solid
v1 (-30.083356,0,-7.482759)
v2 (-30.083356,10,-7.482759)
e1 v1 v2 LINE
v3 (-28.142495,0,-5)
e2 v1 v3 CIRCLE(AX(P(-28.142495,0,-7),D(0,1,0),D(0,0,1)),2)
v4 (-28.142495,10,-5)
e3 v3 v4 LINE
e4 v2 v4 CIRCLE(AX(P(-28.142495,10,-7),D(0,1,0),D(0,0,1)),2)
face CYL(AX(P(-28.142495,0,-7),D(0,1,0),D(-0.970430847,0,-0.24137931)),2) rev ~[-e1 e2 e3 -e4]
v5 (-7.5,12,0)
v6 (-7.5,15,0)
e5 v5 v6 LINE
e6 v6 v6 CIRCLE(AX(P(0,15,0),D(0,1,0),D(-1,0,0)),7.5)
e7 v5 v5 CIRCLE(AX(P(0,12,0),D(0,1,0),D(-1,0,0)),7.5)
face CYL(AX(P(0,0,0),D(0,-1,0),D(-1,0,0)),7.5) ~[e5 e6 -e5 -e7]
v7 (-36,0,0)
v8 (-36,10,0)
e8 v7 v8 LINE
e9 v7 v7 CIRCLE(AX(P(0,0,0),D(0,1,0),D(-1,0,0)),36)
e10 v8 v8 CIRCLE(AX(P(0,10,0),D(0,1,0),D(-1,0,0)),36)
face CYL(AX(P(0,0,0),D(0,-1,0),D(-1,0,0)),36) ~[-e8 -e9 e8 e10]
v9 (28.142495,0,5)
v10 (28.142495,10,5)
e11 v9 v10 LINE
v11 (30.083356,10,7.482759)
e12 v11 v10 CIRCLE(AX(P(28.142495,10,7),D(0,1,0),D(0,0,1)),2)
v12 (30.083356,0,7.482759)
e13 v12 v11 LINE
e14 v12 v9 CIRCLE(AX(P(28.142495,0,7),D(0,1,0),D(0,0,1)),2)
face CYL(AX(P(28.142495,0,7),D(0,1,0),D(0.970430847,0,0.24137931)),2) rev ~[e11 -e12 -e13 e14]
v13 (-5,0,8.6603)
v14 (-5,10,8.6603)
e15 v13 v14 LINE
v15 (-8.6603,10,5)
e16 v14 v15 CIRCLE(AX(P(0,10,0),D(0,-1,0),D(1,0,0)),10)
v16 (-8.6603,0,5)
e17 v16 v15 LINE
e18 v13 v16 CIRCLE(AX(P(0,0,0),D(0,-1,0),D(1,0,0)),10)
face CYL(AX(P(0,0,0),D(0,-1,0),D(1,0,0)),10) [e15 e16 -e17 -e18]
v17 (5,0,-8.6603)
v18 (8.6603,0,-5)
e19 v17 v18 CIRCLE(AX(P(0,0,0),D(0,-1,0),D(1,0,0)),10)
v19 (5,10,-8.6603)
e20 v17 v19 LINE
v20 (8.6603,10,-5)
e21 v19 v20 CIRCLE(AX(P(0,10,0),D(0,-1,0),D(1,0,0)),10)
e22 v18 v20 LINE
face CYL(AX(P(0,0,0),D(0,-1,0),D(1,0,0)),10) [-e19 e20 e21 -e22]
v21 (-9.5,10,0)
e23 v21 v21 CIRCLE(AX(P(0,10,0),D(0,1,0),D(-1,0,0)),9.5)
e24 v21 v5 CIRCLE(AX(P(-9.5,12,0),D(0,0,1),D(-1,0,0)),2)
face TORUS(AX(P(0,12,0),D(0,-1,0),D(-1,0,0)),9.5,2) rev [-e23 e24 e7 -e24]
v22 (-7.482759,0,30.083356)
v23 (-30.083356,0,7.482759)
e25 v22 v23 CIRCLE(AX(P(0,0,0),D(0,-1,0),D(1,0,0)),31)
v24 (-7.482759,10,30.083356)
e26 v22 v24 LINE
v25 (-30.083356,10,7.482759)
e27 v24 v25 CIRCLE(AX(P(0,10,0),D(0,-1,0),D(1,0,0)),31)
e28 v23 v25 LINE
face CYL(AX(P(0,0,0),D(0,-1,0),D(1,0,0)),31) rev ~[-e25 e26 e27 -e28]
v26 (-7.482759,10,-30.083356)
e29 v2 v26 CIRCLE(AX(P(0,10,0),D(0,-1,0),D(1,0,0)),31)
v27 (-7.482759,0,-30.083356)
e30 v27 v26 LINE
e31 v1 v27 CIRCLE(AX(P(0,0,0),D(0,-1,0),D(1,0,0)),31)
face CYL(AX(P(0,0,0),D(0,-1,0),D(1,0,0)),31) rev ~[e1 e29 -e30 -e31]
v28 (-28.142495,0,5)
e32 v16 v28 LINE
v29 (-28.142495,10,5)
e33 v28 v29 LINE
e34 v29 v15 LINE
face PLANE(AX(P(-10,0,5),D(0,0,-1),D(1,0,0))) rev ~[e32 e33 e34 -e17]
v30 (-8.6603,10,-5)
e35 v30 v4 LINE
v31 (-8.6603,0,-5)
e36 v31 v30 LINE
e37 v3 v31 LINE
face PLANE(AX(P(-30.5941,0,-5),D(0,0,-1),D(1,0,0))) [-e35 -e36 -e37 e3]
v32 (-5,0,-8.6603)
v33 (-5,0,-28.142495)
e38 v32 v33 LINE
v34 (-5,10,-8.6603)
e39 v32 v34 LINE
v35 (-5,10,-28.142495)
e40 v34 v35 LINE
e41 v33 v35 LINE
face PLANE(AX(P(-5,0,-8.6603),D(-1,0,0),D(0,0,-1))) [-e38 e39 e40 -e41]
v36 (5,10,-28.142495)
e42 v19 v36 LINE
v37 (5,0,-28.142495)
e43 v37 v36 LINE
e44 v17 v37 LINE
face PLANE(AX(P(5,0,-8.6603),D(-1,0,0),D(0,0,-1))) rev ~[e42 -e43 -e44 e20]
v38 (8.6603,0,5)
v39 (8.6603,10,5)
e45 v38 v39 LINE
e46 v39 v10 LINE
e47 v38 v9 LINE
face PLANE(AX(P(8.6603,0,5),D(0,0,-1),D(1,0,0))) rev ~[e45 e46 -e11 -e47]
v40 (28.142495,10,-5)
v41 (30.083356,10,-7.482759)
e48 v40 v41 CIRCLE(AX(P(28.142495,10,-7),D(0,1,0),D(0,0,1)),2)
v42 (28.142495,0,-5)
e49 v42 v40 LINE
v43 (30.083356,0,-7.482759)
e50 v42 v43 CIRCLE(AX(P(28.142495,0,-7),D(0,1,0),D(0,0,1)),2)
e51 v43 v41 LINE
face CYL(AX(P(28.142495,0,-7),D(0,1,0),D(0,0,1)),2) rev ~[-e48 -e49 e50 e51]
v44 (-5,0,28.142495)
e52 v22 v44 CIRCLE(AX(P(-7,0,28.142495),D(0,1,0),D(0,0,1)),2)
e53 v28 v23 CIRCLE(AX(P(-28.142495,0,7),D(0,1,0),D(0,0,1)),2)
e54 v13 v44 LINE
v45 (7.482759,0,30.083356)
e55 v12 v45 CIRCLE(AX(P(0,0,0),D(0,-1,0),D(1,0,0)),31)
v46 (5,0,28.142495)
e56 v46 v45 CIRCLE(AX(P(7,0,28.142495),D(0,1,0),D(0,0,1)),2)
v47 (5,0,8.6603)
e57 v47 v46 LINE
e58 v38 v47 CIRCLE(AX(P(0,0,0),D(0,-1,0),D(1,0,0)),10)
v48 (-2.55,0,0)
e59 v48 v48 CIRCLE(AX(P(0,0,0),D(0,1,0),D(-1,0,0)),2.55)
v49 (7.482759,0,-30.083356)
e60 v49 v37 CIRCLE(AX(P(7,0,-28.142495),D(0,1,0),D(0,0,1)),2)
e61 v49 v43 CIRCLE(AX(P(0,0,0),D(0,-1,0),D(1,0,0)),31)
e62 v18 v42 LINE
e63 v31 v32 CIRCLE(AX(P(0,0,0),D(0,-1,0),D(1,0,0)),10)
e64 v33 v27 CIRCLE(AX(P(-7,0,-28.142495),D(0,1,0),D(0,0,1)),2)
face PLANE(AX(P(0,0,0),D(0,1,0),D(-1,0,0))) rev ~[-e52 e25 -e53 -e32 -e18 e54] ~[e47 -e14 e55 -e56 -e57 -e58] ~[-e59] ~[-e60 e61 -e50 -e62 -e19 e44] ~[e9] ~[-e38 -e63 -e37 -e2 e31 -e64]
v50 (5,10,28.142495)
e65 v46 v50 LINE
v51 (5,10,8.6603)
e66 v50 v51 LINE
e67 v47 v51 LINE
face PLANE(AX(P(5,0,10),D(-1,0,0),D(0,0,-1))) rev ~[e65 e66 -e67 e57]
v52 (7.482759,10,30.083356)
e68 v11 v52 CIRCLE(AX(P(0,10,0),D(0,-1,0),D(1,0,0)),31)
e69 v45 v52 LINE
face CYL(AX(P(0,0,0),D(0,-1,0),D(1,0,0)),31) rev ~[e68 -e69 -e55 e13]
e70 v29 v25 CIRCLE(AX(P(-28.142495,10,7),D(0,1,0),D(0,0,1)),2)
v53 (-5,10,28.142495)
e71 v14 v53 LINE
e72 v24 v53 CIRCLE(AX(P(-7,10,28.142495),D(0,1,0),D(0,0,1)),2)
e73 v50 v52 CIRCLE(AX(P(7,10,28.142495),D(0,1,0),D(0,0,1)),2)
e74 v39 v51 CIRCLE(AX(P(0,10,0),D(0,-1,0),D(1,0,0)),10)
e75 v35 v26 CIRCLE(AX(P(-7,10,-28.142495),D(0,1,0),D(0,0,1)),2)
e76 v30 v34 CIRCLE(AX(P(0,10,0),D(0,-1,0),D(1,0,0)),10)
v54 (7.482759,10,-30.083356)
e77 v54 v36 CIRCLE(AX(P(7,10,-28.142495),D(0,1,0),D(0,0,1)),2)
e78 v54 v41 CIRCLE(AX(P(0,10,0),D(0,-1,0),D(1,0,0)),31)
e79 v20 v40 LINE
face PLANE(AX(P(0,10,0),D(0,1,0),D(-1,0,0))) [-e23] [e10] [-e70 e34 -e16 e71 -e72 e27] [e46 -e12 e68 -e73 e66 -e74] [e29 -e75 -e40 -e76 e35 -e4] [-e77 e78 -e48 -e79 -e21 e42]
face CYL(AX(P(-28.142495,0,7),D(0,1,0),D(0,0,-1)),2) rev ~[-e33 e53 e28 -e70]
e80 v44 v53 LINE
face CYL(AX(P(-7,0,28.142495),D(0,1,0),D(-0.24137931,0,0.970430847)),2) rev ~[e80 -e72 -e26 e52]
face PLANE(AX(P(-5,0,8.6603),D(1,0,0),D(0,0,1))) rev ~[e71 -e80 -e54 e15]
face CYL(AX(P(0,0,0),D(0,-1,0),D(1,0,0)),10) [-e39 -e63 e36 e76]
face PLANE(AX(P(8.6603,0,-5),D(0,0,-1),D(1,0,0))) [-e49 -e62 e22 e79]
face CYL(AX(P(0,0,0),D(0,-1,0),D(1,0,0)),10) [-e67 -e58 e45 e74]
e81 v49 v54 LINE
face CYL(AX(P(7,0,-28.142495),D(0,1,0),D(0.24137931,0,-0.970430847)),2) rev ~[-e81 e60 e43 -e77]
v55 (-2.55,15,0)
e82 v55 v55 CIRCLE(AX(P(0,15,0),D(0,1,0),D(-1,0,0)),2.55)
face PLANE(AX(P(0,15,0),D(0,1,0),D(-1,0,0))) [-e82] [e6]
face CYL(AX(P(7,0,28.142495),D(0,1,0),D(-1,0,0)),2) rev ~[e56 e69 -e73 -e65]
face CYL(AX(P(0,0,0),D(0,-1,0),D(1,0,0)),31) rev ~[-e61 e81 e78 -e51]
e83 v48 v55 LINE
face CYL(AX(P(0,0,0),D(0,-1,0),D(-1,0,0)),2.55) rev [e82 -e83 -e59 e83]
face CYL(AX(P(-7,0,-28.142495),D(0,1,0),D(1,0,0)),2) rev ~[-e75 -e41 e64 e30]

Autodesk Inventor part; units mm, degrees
ref_plane "YZ Plane" through (0, 0, 0) normal (1, 0, 0) x (0, 1, 0)
ref_plane "XZ Plane" through (0, 0, 0) normal (0, 1, 0) x (-1, 0, 0)
ref_plane "XY Plane" through (0, 0, 0) normal (0, 0, 1) x (1, 0, 0)
sketch "Sketch5" plane through (0, 0, 0) normal (0, 1, 0) x (-1, 0, 0)
  circle A0 centre (0, 0) radius 2.55
  circle A1 centre (0, 0) radius 7.5
  circle A2 centre (0, 0) radius 36
  dimension "d10" = 5.1
  dimension "d11" = 15
  dimension "d12" = 72
extrude "Extrusion4" add sketch "Sketch5" along normal blind 10 contours A2
extrude "Extrusion5" add sketch "Sketch5" along normal blind 15 contours A1
sketch "Sketch6" plane through (0, 0, 0) normal (0, -1, 0) x (1, 0, 0)
  circle A0 centre (0, 0) radius 10
  circle A1 centre (0, 0) radius 2.55 projected
  circle A2 centre (0, 0) radius 36
  circle A3 centre (0, 0) radius 2.55 projected
  circle A4 centre (0, 0) radius 31
  line L0 (-30.5941, 5) -> (-10, 5)
  line L1 (-30.5941, -5) -> (-10, -5)
  line L2 (-10, -5) -> (-8.6603, -5)
  line L3 (-10, 5) -> (-8.6603, 5)
  circle A5 centre (0, 0) radius 10
  line L4 (8.6603, -5) -> (30.5941, -5)
  line L5 (8.6603, 5) -> (30.5941, 5)
  line L6 (5, 10) -> (5, 30.5941)
  line L7 (5, 10) -> (5, 8.6603)
  line L8 (5, -8.6603) -> (5, -30.5941)
  line L9 (-5, 8.6603) -> (-5, 30.5941)
  line L10 (-5, -8.6603) -> (-5, -30.5941)
  dimension "d17" = 20
extrude "Extrusion6" cut sketch "Sketch6" against normal up to surface (10 mm away) contours A0 L7 L6 A4 L5 | L4 A4 L8 A0 | A0 L3 L0 A4 L9 | L10 A4 L1 L2 A0
fillet "Fillet1" radius 2 8 edges at (-5, 5, -30.5941) (-30.5941, 5, -5) (-30.5941, 5, 5) (-5, 5, 30.5941) (5, 5, 30.5941) (30.5941, 5, 5) (30.5941, 5, -5) (5, 5, -30.5941)
fillet "Fillet2" radius 2 1 edges at (7.5, 10, 0)
properties part number "wheel"
